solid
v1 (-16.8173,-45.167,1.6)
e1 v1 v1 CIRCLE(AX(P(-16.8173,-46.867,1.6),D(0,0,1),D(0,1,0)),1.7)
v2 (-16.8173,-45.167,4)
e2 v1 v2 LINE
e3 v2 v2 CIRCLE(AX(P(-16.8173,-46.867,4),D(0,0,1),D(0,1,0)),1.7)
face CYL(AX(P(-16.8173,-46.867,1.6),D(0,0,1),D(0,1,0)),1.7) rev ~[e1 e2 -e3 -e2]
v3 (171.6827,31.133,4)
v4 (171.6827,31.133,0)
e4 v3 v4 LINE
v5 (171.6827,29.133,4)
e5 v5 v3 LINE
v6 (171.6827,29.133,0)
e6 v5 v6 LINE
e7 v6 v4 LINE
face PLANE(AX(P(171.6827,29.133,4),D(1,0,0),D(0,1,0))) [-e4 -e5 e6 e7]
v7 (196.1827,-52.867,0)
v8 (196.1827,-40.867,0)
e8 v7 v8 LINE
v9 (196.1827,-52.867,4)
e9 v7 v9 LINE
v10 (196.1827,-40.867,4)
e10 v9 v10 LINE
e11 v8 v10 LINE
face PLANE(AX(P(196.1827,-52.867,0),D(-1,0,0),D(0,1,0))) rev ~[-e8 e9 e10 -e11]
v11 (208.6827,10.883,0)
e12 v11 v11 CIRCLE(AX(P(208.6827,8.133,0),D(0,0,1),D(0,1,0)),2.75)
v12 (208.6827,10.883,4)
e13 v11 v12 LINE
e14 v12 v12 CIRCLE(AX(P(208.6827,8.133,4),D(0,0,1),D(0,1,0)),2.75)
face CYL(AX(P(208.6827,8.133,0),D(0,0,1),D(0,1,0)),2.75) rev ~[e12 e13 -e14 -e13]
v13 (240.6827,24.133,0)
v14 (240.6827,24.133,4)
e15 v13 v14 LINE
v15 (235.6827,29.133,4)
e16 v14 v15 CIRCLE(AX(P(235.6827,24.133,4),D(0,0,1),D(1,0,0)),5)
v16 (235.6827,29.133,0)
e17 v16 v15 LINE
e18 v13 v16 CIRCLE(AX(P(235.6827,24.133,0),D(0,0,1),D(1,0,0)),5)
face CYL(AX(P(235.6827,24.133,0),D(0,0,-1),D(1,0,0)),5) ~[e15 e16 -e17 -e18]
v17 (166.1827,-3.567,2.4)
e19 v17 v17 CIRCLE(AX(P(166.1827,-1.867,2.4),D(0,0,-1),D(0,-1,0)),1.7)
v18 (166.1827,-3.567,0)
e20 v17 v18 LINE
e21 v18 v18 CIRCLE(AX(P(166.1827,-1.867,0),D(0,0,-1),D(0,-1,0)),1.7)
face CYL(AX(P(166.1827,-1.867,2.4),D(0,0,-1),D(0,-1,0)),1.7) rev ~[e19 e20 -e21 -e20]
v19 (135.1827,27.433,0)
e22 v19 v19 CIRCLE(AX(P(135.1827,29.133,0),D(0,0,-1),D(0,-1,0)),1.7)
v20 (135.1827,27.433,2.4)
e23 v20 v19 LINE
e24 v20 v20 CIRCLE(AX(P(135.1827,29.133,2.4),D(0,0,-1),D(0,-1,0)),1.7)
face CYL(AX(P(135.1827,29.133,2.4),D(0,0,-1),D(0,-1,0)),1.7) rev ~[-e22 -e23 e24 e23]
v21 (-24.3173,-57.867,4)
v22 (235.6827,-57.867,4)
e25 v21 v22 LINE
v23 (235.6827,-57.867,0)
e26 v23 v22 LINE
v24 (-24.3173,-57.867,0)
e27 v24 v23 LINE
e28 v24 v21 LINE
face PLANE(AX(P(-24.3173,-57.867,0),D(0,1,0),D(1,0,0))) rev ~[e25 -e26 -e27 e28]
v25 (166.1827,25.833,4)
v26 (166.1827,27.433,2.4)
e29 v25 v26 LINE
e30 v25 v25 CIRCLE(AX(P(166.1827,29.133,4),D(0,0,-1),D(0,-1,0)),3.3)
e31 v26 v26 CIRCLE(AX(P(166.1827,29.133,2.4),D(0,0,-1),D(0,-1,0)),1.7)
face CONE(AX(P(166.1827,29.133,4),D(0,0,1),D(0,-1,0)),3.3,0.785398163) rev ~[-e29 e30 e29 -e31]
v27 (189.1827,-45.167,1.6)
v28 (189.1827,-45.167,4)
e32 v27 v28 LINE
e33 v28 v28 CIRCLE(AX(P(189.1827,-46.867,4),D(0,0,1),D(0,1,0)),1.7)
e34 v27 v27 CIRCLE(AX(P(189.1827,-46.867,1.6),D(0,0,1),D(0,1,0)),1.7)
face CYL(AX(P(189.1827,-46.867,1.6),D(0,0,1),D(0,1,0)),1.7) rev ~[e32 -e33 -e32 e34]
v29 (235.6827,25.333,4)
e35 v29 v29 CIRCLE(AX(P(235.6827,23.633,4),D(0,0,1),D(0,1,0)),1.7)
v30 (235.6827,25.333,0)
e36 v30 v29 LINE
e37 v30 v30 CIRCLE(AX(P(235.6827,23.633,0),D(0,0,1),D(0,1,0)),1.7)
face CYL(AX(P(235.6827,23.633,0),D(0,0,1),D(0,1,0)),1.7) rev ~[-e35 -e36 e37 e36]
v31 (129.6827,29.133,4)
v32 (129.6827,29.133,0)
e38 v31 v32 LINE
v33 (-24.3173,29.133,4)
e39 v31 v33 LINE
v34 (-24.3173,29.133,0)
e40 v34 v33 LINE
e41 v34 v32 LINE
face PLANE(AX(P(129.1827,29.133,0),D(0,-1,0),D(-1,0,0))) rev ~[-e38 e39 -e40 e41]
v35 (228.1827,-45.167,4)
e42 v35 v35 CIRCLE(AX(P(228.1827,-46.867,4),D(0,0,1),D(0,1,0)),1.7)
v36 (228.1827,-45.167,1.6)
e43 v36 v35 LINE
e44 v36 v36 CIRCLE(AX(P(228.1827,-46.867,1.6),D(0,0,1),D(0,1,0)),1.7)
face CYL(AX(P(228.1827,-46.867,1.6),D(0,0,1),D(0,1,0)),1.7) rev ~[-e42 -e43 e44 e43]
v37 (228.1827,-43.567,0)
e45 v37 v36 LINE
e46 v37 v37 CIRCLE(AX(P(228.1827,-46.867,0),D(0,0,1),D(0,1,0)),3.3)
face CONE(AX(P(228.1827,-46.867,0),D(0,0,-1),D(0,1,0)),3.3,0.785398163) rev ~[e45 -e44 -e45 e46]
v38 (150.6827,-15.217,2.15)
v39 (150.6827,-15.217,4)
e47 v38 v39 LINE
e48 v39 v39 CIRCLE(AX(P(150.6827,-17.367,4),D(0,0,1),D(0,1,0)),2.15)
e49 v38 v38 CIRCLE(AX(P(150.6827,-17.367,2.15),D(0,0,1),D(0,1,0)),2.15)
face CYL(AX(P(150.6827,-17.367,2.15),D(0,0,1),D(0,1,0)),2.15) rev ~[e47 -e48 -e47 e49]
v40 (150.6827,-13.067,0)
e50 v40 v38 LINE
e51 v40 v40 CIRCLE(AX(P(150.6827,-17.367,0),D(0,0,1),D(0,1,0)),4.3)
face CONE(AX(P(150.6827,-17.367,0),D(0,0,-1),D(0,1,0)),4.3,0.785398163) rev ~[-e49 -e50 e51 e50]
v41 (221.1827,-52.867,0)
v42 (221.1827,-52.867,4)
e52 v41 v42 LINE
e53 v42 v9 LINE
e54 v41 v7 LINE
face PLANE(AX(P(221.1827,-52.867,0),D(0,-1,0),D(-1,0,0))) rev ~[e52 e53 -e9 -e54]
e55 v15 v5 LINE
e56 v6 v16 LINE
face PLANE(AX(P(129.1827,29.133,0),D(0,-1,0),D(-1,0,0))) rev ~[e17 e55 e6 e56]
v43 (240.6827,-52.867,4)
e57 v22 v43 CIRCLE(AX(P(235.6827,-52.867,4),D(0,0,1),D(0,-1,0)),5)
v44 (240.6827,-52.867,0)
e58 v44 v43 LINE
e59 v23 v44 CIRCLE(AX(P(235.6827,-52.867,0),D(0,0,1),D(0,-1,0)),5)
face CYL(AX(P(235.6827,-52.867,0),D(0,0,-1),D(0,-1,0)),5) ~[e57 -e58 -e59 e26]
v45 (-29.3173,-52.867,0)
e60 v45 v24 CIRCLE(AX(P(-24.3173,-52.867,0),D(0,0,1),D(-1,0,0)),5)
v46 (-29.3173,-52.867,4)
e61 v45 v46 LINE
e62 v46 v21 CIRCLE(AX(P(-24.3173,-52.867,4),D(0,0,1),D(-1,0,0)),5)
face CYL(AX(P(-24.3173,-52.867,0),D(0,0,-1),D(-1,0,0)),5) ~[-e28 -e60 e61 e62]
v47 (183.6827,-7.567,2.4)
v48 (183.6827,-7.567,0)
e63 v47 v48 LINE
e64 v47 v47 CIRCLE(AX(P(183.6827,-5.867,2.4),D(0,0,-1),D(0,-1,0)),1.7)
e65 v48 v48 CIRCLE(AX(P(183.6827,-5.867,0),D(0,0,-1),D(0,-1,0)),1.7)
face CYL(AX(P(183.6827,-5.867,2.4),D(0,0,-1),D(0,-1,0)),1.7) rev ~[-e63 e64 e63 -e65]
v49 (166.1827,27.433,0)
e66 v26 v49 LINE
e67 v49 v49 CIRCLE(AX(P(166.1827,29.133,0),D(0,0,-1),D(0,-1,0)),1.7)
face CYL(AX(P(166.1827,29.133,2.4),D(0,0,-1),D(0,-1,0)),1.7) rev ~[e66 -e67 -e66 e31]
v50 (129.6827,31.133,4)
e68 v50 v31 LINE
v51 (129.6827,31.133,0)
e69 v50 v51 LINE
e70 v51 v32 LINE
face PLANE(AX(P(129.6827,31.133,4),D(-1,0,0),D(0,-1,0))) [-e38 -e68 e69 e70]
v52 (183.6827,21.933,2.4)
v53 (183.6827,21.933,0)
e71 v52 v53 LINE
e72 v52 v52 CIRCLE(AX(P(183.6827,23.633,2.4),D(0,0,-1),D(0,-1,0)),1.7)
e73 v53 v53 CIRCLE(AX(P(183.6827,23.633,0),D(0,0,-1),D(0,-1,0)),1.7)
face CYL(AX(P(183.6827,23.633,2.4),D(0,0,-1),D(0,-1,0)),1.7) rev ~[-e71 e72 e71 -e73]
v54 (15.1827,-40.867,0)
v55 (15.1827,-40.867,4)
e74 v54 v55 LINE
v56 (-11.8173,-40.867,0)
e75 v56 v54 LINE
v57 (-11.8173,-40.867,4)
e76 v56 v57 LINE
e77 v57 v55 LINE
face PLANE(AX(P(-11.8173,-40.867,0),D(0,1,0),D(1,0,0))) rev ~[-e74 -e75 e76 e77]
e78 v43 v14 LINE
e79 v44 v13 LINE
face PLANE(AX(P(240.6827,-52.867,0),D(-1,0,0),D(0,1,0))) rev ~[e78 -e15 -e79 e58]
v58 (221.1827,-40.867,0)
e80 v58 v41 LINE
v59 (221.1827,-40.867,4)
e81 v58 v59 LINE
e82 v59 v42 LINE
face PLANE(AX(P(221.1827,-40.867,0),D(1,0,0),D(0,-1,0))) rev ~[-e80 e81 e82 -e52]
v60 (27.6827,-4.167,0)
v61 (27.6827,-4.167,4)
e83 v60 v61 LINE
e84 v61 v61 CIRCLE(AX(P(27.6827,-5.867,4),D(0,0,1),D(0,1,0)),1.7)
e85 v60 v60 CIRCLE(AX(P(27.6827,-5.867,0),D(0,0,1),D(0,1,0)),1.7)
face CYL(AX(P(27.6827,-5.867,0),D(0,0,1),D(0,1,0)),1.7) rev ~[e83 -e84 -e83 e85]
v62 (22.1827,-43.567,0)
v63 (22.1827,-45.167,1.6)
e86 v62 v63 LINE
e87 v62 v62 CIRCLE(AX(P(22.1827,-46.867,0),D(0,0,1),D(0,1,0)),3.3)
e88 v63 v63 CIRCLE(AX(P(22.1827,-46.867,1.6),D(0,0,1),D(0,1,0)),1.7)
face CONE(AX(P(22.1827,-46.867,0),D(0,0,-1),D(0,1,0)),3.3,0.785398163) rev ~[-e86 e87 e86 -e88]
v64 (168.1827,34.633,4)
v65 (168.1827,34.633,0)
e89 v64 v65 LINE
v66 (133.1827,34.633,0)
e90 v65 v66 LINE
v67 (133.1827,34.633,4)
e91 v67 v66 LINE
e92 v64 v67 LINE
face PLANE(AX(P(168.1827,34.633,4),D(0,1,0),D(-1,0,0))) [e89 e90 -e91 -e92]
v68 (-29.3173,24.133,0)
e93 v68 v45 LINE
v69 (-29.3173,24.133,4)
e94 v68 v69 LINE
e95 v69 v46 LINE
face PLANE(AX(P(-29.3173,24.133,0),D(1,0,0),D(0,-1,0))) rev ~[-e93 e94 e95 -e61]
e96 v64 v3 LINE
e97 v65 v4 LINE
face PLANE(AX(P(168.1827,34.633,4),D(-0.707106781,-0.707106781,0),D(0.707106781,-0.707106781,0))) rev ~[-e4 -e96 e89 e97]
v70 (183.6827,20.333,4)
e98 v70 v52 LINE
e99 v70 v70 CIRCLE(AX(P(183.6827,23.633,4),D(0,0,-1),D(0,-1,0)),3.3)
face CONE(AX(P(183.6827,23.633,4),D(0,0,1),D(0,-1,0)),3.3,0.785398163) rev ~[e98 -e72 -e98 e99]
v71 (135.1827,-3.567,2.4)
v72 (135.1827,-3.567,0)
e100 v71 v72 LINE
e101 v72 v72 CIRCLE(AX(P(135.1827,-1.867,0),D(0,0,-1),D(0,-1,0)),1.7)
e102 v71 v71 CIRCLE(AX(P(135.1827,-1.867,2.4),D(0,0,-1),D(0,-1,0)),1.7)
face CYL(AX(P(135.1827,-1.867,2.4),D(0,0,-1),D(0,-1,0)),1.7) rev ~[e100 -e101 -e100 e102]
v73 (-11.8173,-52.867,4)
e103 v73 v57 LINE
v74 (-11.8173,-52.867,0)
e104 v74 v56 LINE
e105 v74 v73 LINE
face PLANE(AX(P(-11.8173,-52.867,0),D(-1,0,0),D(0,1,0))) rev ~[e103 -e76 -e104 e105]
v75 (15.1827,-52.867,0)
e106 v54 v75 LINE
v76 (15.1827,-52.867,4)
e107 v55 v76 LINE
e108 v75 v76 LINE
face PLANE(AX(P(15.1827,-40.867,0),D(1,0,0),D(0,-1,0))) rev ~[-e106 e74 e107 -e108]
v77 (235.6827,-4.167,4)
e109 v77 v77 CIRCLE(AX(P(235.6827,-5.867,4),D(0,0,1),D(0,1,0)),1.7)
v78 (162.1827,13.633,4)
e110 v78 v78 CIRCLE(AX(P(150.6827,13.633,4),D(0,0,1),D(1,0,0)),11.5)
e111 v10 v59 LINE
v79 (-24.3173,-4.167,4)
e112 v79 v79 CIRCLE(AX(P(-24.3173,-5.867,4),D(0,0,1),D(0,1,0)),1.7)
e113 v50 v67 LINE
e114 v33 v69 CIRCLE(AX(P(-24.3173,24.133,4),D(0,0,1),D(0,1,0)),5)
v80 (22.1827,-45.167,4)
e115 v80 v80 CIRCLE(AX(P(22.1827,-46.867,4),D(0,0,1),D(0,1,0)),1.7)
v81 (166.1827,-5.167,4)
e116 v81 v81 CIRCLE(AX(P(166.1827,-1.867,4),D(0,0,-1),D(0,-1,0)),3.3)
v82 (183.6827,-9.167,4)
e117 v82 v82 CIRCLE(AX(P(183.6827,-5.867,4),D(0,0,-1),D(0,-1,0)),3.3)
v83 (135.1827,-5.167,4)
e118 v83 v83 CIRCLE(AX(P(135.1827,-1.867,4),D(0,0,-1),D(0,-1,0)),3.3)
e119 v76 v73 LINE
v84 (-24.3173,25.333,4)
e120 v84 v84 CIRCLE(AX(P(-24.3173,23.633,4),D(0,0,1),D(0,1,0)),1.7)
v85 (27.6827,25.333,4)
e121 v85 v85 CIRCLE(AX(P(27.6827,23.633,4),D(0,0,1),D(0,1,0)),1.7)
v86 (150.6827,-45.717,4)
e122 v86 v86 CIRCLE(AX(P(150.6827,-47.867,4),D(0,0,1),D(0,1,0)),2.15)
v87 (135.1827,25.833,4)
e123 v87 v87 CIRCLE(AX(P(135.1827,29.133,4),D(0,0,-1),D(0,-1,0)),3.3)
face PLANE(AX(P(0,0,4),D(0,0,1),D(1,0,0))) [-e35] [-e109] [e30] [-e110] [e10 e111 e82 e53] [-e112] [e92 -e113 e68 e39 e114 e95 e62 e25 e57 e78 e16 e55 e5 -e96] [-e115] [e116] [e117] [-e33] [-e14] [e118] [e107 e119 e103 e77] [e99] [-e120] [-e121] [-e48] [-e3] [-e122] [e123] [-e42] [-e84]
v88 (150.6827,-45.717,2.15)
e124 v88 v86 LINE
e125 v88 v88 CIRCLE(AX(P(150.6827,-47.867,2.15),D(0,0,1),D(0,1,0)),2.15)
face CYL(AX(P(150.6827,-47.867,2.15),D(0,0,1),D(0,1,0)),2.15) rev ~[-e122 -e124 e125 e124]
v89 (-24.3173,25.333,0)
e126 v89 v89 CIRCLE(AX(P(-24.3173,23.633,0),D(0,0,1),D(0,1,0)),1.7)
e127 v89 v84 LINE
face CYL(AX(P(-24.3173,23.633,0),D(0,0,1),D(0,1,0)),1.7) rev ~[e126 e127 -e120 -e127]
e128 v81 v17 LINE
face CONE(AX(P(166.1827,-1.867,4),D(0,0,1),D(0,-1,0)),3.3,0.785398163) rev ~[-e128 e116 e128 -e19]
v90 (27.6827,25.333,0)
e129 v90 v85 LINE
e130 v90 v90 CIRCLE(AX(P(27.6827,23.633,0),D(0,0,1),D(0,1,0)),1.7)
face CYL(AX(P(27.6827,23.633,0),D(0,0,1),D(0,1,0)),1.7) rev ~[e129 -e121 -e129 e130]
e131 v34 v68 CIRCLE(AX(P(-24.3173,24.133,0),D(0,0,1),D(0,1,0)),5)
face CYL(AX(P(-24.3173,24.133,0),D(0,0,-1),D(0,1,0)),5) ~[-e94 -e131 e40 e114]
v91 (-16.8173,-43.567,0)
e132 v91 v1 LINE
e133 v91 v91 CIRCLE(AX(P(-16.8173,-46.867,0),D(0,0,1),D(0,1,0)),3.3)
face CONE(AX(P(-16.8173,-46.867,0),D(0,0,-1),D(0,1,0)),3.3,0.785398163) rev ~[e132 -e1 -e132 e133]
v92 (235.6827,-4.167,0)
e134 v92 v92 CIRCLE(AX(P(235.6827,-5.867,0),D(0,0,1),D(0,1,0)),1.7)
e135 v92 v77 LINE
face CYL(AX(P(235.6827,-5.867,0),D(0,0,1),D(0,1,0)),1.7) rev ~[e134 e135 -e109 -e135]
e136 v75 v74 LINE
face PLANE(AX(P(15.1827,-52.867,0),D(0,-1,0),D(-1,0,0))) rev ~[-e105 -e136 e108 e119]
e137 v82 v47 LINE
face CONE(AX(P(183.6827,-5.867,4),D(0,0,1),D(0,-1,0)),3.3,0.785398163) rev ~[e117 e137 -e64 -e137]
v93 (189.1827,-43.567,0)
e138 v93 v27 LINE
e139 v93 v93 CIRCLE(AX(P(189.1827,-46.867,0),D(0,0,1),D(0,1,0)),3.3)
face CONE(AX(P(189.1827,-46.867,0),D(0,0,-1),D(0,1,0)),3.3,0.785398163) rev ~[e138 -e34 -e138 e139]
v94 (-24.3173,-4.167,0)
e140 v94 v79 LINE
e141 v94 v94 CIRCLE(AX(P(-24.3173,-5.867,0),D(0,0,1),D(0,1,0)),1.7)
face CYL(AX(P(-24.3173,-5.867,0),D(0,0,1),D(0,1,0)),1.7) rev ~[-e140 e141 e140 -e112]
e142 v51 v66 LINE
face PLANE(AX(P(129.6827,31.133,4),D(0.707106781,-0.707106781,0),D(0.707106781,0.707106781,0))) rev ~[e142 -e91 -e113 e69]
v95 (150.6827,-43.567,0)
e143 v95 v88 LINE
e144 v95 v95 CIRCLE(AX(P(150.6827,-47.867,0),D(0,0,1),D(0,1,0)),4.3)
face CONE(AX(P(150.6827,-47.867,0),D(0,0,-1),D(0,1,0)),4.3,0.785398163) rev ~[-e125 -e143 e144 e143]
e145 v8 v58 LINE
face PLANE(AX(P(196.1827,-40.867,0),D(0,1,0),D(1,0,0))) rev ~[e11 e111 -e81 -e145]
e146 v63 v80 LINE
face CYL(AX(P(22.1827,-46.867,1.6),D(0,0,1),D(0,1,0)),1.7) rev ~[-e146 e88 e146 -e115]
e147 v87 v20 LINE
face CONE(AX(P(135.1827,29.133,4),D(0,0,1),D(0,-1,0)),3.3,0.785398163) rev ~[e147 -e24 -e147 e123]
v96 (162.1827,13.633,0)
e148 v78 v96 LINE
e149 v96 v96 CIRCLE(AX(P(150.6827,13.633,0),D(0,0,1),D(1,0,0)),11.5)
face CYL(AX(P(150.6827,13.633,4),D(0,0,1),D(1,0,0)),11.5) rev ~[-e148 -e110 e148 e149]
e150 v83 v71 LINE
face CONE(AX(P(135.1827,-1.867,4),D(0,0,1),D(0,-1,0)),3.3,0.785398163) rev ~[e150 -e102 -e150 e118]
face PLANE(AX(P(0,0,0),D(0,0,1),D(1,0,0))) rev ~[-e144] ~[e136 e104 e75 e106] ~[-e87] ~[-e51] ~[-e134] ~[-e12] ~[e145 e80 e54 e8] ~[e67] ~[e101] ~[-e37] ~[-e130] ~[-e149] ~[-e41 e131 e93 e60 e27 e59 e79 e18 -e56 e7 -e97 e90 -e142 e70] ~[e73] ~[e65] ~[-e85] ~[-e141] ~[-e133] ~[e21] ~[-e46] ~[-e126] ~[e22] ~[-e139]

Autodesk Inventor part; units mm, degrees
ref_plane "YZ Plane" through (0, 0, 0) normal (1, 0, 0) x (0, 1, 0)
ref_plane "XZ Plane" through (0, 0, 0) normal (0, 1, 0) x (-1, 0, 0)
ref_plane "XY Plane" through (0, 0, 0) normal (0, 0, 1) x (1, 0, 0)
sketch "Sketch1" plane through (0, 0, 0) normal (0, 0, 1) x (1, 0, 0)
  arc A0 (235.6827, -57.867) -> (240.6827, -52.867) centre (235.6827, -52.867) ccw projected
  line L0 (240.6827, -52.867) -> (240.6827, 24.133) projected
  arc A1 (240.6827, 24.133) -> (235.6827, 29.133) centre (235.6827, 24.133) ccw projected
  line L1 (235.6827, 29.133) -> (-24.3173, 29.133) projected
  arc A2 (-24.3173, 29.133) -> (-29.3173, 24.133) centre (-24.3173, 24.133) ccw projected
  line L2 (-29.3173, 24.133) -> (-29.3173, -52.867) projected
  arc A3 (-29.3173, -52.867) -> (-24.3173, -57.867) centre (-24.3173, -52.867) ccw projected
  line L3 (-24.3173, -57.867) -> (235.6827, -57.867) projected
  circle A4 centre (235.6827, 23.633) radius 1.7 projected
  circle A5 centre (235.6827, -5.867) radius 1.7 projected
  circle A6 centre (-24.3173, -5.867) radius 1.7 projected
  circle A7 centre (-24.3173, 23.633) radius 1.7 projected
  circle A8 centre (208.6827, 8.133) radius 2.75 projected
  circle A9 centre (228.1827, -46.867) radius 3.3 projected
  circle A10 centre (189.1827, -46.867) radius 3.3 projected
  circle A11 centre (22.1827, -46.867) radius 3.3 projected
  circle A12 centre (-16.8173, -46.867) radius 3.3 projected
  circle A13 centre (235.6827, -5.867) radius 1.7 projected
  circle A14 centre (235.6827, 23.633) radius 1.7 projected
  circle A15 centre (-24.3173, 23.633) radius 1.7 projected
  circle A16 centre (-24.3173, -5.867) radius 1.7 projected
  arc A17 (235.6827, -57.867) -> (240.6827, -52.867) centre (235.6827, -52.867) ccw projected
  line L4 (240.6827, -52.867) -> (240.6827, 24.133) projected
  arc A18 (240.6827, 24.133) -> (235.6827, 29.133) centre (235.6827, 24.133) ccw projected
  line L5 (235.6827, 29.133) -> (172.1827, 29.133) projected
  arc A19 (-24.3173, 29.133) -> (-29.3173, 24.133) centre (-24.3173, 24.133) ccw projected
  line L6 (-29.3173, 24.133) -> (-29.3173, -52.867) projected
  arc A20 (-29.3173, -52.867) -> (-24.3173, -57.867) centre (-24.3173, -52.867) ccw projected
  line L7 (-24.3173, -57.867) -> (235.6827, -57.867) projected
  circle A21 centre (17.1827, -7.367) radius 3.3 projected
  circle A22 centre (17.1827, 23.633) radius 3.3 projected
  circle A23 centre (-13.8173, 23.633) radius 3.3 projected
  circle A24 centre (-13.8173, -7.367) radius 3.3 projected
  circle A25 centre (208.6827, 8.133) radius 2.75 projected
  circle A26 centre (1.6827, 8.133) radius 11.5 projected
  line L8 (221.1827, -40.867) -> (221.1827, -52.867) projected
  line L9 (221.1827, -52.867) -> (196.1827, -52.867) projected
  line L10 (196.1827, -52.867) -> (196.1827, -40.867) projected
  line L11 (196.1827, -40.867) -> (221.1827, -40.867) projected
  line L12 (-11.8173, -52.867) -> (-11.8173, -40.867) projected
  line L13 (-11.8173, -40.867) -> (15.1827, -40.867) projected
  line L14 (15.1827, -40.867) -> (15.1827, -52.867) projected
  line L15 (15.1827, -52.867) -> (-11.8173, -52.867) projected
  circle A27 centre (27.6827, -5.867) radius 1.7 projected
  circle A28 centre (27.6827, 23.633) radius 1.7 projected
  line L16 (172.1827, 29.133) -> (172.1827, -4.0741) projected
  line L17 (172.1827, -4.0741) -> (168.3898, -7.867) projected
  line L18 (168.3898, -7.867) -> (132.9756, -7.867) projected
  line L19 (132.9756, -7.867) -> (129.1827, -4.0741) projected
  line L20 (129.1827, -4.0741) -> (129.1827, 29.133) projected
  line L21 (129.1827, 29.133) -> (-24.3173, 29.133) projected
  circle A29 centre (183.6827, -5.867) radius 1.7 projected
  circle A30 centre (183.6827, 23.633) radius 1.7 projected
extrude "Extrusion1" add sketch "Sketch1" along normal blind 4 contours L3 A3 L2 A2 L1 L20 L19 L18 L17 L16 A1 L0 A0 | L16 L17 L18 L19 L20 L1 | A4 | A5 | A6 | A7 | A8 | A9 | A10 | A11 | A12 | A21 | A22 | A23 | A24 | A26 | A27 | A28 | A29 | A30
hole "Hole1" at (-24.3173, -5.867, 0) at (-24.3173, 23.633, 0) at (235.6827, 23.633, 0) at (235.6827, -5.867, 0) at (27.6827, 23.633, 0) at (27.6827, -5.867, 0) direction (0, 0, 1) diameter 3.4 end through all clearance for "Countersunk Head GOST 12876-67" size "M3" standard "GOST"
hole "Hole2" at (208.6827, 8.133, 0) direction (0, 0, 1) diameter 5.5 end through all clearance for "Countersunk Head GOST 12876-67" size "M5" standard "GOST"
hole "Hole3" at (-16.8173, -46.867, 0) at (22.1827, -46.867, 0) at (189.1827, -46.867, 0) at (228.1827, -46.867, 0) direction (0, 0, 1) diameter 3.4 end through all countersink diameter 6.6 countersink angle 90 clearance for "Countersunk Head GOST 12876-67" size "M3" standard "GOST"
sketch "Sketch2" plane through (0, 0, 4) normal (0, 0, 1) x (1, 0, 0)
  circle A0 centre (166.1827, -1.867) radius 1.7 projected
  circle A1 centre (166.1827, 29.133) radius 1.7 projected
  circle A2 centre (135.1827, 29.133) radius 1.7 projected
  circle A3 centre (135.1827, -1.867) radius 1.7 projected
  circle A4 centre (150.6827, 13.633) radius 11 projected
  line L0 (168.1827, 34.633) -> (171.6827, 31.133) projected
  line L1 (168.1827, 34.633) -> (133.1827, 34.633) projected
  line L2 (129.6827, 31.133) -> (133.1827, 34.633) projected
  line L3 (129.6827, 31.133) -> (129.6827, -3.867) projected
  line L4 (133.1827, -7.367) -> (129.6827, -3.867) projected
  line L5 (133.1827, -7.367) -> (168.1827, -7.367) projected
  line L6 (171.6827, -3.867) -> (168.1827, -7.367) projected
  line L7 (171.6827, -3.867) -> (171.6827, 31.133) projected
  circle A5 centre (150.6827, 13.633) radius 11.5
  line L8 (150.6827, -7.367) -> (150.6827, -57.867)
  line L9 (-24.3173, -57.867) -> (235.6827, -57.867) projected
  line L10 (150.6827, -32.617) -> (163.331, -32.617) construction
  circle A6 centre (183.6827, 23.633) radius 1.7
  circle A7 centre (183.6827, -5.867) radius 1.7
  point P0 (0, 0)
  point P1 (150.6827, -17.367)
  point P2 (150.6827, -47.867)
  dimension "d23" = 0.5
  dimension "d35" = 10
extrude "Extrusion2" cut sketch "Sketch2" against normal through all contours A4 | A5
sketch "Sketch3" plane through (0, 0, 4) normal (0, 0, 1) x (1, 0, 0)
  circle A0 centre (166.1827, -1.867) radius 1.7 projected
  circle A1 centre (166.1827, 29.133) radius 1.7 projected
  circle A2 centre (135.1827, 29.133) radius 1.7 projected
  circle A3 centre (135.1827, -1.867) radius 1.7 projected
  circle A4 centre (150.6827, 13.633) radius 11 projected
  line L0 (168.1827, 34.633) -> (171.6827, 31.133) projected
  line L1 (168.1827, 34.633) -> (133.1827, 34.633) projected
  line L2 (129.6827, 31.133) -> (133.1827, 34.633) projected
  line L3 (129.6827, 31.133) -> (129.6827, -3.867) projected
  line L4 (133.1827, -7.367) -> (129.6827, -3.867) projected
  line L5 (133.1827, -7.367) -> (168.1827, -7.367) projected
  line L6 (171.6827, -3.867) -> (168.1827, -7.367) projected
  line L7 (171.6827, -3.867) -> (171.6827, 31.133) projected
  line L8 (235.6827, 29.133) -> (-24.3173, 29.133) projected
  point P0 (0, 0)
  point P1 (129.6827, 29.133)
  point P2 (171.6827, 29.133)
extrude "Extrusion3" add sketch "Sketch3" against normal blind 4 contours L8 A1 | A1 L8 A2 L3 L2 L1 L0 L7 | L8 A2 picked at (166.251, 30.4471) picked at (135.251, 30.4471)
hole "Hole4" at (135.1827, -1.867, 4) at (135.1827, 29.133, 4) at (166.1827, 29.133, 4) at (166.1827, -1.867, 4) direction (0, 0, -1) diameter 3.4 end through all countersink diameter 6.6 countersink angle 90 clearance for "Countersunk Head GOST 12876-67" size "M3" standard "GOST"
sketch "Sketch4" plane through (0, 0, 0) normal (0, 0, -1) x (-1, 0, 0)
  point P0 (0, 0)
  point P1 (-150.6827, -17.367)
  point P2 (-150.6827, -47.867)
hole "Hole5" at (150.6827, -17.367, 0) at (150.6827, -47.867, 0) direction (0, 0, 1) diameter 4.3 end through all countersink diameter 8.6 countersink angle 90 clearance for "Countersunk Head GOST 12876-67" size "M4" standard "GOST"
hole "Hole6" at (183.6827, 23.633, 4) at (183.6827, -5.867, 4) direction (0, 0, -1) diameter 3.4 end through all countersink diameter 6.6 countersink angle 90 clearance for "Countersunk Head GOST 12876-67" size "M3" standard "GOST"
properties part number "plate_2"
